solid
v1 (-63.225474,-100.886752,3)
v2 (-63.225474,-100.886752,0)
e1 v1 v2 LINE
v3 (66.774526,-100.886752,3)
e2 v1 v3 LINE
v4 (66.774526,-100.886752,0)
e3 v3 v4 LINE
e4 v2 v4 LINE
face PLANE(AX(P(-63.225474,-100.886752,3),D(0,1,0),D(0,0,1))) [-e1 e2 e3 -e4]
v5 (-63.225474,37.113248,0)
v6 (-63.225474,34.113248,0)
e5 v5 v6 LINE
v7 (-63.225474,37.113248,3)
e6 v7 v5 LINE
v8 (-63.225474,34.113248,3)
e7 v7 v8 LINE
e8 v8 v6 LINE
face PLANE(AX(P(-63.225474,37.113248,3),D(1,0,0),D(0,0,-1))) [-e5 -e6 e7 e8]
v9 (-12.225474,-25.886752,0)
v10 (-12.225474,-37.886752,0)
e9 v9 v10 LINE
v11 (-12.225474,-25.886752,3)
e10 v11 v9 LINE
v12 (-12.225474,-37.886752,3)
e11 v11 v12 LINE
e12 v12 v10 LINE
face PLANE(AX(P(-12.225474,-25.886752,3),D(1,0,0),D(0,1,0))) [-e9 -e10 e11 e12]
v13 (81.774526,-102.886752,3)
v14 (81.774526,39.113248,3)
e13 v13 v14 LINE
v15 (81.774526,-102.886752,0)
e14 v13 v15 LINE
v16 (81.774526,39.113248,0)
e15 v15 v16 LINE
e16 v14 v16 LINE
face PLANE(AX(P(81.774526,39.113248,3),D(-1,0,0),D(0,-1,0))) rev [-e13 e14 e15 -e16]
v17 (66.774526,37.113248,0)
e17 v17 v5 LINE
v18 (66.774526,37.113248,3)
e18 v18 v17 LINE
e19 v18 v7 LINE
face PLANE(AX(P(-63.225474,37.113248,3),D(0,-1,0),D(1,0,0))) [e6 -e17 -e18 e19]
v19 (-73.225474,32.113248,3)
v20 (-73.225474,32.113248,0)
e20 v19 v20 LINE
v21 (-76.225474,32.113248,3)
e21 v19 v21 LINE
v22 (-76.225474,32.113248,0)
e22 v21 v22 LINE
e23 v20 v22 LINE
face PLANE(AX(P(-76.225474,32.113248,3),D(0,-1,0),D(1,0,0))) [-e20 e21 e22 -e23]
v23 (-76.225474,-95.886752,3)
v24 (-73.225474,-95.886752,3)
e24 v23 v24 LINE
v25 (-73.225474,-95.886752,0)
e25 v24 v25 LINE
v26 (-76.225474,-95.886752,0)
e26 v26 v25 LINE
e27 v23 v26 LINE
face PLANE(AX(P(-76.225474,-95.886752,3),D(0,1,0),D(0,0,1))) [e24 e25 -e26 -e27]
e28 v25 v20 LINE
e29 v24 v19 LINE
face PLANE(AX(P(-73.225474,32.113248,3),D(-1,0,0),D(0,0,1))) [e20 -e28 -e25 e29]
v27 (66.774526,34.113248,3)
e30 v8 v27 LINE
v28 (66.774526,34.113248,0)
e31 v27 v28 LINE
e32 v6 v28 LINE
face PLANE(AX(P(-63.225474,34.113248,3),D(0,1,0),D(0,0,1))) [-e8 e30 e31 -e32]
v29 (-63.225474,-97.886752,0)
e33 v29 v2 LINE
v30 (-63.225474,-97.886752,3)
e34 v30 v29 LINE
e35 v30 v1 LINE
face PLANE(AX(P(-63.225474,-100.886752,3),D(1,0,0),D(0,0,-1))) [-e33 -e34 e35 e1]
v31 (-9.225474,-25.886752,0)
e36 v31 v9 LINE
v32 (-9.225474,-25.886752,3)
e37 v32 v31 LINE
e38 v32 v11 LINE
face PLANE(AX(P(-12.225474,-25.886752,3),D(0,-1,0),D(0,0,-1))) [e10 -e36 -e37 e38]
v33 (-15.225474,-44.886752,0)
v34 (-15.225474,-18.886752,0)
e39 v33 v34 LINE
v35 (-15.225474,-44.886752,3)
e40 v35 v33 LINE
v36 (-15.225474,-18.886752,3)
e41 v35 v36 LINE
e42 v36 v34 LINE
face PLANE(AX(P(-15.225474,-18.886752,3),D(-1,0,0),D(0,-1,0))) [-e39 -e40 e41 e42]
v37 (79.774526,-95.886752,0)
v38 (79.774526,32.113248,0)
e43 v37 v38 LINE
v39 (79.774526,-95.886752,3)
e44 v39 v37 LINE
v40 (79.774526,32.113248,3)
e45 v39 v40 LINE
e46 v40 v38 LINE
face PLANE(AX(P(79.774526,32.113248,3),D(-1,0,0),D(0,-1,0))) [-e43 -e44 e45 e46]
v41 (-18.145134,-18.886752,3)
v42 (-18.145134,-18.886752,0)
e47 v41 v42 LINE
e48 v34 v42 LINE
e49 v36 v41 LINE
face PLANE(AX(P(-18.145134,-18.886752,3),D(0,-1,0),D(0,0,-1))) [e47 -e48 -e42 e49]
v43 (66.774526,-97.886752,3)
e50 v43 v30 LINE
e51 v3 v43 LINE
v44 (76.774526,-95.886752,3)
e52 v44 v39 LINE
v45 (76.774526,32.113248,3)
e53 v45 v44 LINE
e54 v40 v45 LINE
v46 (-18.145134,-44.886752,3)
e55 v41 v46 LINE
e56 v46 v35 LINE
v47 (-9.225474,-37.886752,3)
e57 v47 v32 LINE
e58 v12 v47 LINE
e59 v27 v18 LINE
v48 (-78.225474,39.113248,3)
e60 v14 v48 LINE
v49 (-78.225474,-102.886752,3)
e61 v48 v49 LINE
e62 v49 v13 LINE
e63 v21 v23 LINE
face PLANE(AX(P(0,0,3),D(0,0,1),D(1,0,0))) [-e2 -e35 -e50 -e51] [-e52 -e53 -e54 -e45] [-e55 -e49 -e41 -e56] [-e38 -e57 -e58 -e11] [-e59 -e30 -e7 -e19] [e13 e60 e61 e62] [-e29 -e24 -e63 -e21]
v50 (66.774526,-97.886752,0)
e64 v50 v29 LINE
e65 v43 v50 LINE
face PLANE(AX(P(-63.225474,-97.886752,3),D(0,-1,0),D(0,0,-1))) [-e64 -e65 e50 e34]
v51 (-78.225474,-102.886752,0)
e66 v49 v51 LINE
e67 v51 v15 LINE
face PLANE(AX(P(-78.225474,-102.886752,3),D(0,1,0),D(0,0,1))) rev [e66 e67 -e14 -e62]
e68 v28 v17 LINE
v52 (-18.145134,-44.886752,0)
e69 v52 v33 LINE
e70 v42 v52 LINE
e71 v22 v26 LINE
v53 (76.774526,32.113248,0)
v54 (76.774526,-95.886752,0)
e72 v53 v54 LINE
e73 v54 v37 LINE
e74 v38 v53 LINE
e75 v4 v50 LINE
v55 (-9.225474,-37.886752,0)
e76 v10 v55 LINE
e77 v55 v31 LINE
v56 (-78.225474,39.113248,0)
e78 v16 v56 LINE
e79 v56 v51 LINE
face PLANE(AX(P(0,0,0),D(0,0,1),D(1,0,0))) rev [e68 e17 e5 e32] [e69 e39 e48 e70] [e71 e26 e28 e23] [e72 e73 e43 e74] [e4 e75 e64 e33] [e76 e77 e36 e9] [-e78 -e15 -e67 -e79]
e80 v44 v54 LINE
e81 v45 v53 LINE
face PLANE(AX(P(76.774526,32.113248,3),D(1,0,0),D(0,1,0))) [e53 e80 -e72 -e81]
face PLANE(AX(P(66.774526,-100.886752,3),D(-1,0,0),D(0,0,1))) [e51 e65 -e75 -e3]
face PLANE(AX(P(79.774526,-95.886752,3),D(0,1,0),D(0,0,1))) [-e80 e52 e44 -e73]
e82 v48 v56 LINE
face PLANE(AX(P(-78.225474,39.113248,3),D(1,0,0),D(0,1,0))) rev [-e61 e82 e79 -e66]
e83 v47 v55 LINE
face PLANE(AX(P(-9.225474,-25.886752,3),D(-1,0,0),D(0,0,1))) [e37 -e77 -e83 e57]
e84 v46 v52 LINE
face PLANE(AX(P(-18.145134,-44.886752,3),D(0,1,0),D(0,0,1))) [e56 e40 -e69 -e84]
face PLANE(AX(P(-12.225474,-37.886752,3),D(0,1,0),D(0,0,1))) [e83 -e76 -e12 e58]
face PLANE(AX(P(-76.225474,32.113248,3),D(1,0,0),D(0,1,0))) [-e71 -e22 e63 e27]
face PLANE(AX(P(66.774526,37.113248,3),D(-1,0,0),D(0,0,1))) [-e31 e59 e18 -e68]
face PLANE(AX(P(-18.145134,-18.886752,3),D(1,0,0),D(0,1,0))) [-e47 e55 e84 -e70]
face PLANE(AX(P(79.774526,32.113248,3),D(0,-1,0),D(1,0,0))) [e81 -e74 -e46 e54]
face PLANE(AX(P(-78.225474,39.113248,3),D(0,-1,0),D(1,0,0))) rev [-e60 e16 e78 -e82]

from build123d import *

# Parameters (mm, degrees)
SKETCH1_W           = 160
SKETCH1_H           = 142
SKETCH1_W_2         = 130
SKETCH1_H_2         = 3
SKETCH1_W_3         = 3
SKETCH1_H_3         = 128
SKETCH1_W_4         = 2.919660042
SKETCH1_H_4         = 26
SKETCH1_H_5         = 12
BOSS_EXTRUDE1_DEPTH = 3


with BuildPart() as part:
    # Sketch1 → Boss-Extrude1 (new body)
    with BuildSketch(Plane.XY):
        with Locations((1.774525815, -31.886752246)):
            Rectangle(SKETCH1_W, SKETCH1_H)
        with Locations((1.774525815, 35.613247754)):
            Rectangle(SKETCH1_W_2, SKETCH1_H_2, mode=Mode.SUBTRACT)
        with Locations((1.774525815, -99.386752246)):
            Rectangle(SKETCH1_W_2, SKETCH1_H_2, mode=Mode.SUBTRACT)
        with Locations((-74.725474185, -31.886752246)):
            Rectangle(SKETCH1_W_3, SKETCH1_H_3, mode=Mode.SUBTRACT)
        with Locations((78.274525815, -31.886752246)):
            Rectangle(SKETCH1_W_3, SKETCH1_H_3, mode=Mode.SUBTRACT)
        with Locations((-16.685304206, -31.886752246)):
            Rectangle(SKETCH1_W_4, SKETCH1_H_4, mode=Mode.SUBTRACT)
        with Locations((-10.725474185, -31.886752246)):
            Rectangle(SKETCH1_W_3, SKETCH1_H_5, mode=Mode.SUBTRACT)
    extrude(amount=BOSS_EXTRUDE1_DEPTH)


solid = part.part
